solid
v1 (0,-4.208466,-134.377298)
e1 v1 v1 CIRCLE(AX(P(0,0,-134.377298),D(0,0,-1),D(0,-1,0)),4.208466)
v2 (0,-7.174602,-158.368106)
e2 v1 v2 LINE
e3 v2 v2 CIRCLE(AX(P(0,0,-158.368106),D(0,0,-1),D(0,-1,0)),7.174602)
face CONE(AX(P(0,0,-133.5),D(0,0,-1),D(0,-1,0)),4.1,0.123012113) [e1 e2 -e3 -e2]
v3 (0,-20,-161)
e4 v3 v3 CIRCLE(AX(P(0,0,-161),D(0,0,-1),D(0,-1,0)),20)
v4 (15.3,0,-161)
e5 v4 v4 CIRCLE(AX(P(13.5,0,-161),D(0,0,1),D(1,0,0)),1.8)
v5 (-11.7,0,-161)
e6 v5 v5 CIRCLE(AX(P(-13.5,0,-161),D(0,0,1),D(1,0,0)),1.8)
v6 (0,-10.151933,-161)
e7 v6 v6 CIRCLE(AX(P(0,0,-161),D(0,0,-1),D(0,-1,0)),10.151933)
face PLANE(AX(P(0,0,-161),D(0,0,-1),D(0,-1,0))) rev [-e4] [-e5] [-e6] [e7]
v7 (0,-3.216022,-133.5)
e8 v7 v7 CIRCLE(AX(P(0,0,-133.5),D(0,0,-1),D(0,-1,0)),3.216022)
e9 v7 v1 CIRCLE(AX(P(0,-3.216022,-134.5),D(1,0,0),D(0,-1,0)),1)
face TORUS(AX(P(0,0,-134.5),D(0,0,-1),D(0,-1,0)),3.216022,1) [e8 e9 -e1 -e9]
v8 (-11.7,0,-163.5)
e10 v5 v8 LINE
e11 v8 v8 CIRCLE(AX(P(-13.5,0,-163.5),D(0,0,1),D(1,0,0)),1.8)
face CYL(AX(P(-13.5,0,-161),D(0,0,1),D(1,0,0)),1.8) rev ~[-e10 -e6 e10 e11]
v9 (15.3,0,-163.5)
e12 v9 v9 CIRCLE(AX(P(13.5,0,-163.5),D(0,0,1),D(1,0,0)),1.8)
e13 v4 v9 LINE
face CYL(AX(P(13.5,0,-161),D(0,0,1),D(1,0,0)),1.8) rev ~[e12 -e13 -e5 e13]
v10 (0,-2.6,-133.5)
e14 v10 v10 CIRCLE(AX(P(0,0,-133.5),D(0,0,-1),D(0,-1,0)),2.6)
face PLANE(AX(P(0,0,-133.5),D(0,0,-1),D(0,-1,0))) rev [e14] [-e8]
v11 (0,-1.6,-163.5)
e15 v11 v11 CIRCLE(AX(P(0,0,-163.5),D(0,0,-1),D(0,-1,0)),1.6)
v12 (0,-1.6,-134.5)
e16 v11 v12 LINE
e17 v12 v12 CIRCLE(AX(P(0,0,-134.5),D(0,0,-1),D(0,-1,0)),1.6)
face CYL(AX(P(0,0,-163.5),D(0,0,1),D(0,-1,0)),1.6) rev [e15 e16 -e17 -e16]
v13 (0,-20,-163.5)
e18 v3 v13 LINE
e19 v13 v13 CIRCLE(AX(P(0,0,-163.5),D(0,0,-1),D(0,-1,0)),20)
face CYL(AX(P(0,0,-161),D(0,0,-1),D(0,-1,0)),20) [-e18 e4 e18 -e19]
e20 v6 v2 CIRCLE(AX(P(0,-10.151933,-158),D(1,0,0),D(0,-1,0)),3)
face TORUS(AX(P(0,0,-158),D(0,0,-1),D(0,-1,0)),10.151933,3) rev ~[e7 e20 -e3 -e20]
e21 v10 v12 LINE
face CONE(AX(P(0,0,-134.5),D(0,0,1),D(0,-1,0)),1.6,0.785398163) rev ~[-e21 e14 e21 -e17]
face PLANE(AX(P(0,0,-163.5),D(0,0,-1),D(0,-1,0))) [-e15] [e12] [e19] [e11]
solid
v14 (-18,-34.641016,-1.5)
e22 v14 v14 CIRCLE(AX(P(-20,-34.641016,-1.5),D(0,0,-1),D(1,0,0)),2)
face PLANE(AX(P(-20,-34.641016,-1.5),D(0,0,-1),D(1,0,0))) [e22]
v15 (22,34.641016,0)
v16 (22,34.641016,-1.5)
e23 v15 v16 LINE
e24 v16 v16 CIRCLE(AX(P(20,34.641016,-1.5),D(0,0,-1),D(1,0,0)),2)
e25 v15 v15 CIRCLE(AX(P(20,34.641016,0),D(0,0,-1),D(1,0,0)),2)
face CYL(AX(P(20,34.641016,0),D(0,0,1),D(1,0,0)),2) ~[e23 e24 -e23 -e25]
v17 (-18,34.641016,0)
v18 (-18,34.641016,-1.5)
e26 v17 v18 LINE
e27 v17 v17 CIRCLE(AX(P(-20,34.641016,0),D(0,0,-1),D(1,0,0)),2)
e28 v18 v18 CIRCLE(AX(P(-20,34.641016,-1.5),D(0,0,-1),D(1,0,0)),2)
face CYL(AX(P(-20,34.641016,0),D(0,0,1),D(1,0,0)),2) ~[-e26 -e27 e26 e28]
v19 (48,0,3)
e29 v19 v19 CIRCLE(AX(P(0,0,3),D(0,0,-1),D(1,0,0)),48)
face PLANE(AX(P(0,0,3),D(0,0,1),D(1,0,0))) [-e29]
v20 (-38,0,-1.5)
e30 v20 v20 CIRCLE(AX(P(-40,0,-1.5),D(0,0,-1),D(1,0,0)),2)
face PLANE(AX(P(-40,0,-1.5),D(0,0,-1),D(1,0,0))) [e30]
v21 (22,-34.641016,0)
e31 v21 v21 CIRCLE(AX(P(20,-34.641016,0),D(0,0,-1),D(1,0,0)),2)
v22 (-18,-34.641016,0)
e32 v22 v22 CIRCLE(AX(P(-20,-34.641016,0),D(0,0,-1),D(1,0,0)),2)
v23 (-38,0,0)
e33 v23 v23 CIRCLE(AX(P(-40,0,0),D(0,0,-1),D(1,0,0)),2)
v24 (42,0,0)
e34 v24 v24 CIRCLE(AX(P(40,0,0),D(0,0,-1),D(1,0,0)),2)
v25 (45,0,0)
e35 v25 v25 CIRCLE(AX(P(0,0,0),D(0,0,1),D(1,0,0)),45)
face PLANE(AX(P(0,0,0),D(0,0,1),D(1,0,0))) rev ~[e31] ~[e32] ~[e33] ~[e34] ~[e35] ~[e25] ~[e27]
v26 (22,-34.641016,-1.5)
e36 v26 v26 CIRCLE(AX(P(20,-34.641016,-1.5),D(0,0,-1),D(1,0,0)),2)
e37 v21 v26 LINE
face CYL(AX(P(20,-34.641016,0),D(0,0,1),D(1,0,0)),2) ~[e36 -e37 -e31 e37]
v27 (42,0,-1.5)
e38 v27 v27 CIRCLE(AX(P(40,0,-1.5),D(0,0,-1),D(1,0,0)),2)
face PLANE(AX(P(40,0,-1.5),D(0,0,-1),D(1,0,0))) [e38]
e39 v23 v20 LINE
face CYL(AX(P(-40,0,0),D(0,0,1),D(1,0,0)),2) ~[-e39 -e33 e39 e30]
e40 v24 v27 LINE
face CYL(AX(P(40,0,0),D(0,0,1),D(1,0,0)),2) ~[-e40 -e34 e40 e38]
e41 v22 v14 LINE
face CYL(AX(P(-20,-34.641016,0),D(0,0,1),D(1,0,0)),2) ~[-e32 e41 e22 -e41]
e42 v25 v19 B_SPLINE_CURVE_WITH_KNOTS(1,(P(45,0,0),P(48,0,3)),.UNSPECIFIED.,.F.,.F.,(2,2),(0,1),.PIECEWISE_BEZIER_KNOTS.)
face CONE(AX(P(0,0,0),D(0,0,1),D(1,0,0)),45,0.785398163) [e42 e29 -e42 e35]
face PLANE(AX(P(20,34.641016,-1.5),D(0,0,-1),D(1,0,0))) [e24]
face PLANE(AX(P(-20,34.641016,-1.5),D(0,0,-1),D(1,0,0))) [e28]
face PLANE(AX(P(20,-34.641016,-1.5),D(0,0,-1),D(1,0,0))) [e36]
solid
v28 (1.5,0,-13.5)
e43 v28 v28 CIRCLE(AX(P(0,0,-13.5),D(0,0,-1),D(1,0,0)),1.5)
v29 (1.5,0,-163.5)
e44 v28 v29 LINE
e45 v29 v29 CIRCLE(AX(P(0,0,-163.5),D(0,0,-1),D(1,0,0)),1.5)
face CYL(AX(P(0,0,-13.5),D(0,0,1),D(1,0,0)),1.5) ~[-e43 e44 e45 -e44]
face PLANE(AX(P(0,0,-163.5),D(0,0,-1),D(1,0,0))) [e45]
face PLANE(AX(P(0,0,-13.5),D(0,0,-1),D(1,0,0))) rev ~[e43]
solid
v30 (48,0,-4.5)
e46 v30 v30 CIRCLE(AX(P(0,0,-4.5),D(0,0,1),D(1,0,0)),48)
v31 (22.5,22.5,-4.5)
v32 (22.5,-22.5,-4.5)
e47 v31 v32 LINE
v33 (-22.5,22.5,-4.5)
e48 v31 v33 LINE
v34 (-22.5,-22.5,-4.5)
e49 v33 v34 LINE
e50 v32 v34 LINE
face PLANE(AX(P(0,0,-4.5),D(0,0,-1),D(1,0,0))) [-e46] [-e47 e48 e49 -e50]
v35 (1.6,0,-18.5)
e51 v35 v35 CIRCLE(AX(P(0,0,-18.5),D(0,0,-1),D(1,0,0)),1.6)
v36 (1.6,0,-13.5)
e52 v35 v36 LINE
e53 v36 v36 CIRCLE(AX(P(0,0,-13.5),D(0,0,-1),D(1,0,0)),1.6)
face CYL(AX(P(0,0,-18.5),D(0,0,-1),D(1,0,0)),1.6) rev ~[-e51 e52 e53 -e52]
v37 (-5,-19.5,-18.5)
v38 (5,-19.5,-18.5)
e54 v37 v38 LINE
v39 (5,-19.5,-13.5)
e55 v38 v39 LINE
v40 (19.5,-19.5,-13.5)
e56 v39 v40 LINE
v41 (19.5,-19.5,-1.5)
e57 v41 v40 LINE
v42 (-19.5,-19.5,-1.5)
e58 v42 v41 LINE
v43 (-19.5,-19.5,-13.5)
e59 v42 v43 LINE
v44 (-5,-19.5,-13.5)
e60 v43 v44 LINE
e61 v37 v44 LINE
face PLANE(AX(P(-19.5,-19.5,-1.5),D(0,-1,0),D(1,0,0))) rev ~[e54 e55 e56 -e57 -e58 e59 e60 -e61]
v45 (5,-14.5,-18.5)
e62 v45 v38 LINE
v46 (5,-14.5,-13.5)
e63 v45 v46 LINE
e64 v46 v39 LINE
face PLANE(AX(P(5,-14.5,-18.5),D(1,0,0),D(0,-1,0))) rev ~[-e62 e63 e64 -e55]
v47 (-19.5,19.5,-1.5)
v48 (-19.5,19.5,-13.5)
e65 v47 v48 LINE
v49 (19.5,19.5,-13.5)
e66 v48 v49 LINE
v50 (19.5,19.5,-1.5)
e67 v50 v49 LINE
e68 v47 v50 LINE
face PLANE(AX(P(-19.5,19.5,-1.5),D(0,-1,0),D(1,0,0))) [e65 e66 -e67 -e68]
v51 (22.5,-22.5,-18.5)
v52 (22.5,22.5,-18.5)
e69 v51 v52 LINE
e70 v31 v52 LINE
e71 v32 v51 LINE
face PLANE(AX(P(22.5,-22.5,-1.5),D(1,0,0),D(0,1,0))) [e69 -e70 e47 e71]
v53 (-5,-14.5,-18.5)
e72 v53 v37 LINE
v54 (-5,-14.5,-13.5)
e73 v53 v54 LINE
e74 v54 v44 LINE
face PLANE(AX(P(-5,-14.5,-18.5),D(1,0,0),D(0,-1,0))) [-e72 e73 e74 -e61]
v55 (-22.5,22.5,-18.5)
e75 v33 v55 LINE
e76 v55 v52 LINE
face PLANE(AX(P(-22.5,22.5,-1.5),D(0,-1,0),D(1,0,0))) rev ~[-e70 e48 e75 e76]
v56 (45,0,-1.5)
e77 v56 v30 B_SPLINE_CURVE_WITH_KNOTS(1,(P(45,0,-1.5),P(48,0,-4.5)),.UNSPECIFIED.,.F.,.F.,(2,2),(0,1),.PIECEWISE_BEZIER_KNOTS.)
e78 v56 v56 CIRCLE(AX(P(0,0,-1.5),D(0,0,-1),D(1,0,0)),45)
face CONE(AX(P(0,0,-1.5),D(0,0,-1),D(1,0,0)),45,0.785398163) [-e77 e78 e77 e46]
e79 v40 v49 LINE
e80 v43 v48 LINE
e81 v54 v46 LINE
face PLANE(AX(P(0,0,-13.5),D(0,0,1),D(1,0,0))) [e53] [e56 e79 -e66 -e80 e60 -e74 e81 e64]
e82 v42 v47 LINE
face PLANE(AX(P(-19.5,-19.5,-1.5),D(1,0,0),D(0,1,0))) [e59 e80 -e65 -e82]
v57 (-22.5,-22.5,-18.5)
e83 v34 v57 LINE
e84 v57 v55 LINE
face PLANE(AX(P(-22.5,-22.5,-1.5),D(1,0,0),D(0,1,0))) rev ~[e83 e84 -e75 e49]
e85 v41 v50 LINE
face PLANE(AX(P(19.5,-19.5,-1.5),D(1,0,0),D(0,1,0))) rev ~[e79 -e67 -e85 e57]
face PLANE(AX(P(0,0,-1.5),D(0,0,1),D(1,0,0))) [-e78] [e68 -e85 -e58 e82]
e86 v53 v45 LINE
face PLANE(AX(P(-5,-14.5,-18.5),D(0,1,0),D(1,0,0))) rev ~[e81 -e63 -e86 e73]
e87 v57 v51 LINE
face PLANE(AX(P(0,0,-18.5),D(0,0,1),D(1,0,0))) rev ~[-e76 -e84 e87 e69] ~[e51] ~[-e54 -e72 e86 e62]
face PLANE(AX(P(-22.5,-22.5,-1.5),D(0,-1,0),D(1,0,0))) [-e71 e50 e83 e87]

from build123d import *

# Parameters (mm, degrees)
F0_R      = 45
F1_DEPTH  = 3
F1_TAPER  = -45
F2_R      = 2
F3_DEPTH  = 1.5
F4_R      = 45
F5_DEPTH  = 3
F5_TAPER  = -45
F6_W      = 45
F6_H      = 45
F7_DEPTH  = 17
F8_W      = 39
F8_H      = 39
F10_DEPTH = 12
F11_W     = 10
F11_H     = 5
F11_R     = 1.6
F12_DEPTH = 5
F13_R     = 1.5
F14_DEPTH = 150
F17_R     = 1.8
F18_DEPTH = 2.501
F19_R     = 3
F20_SIZE  = 1
F21_R     = 1


with BuildPart() as f1:
    # F0 (on Top) → F1 (new body)
    with BuildSketch(Plane.XY):
        Circle(F0_R)
    extrude(amount=F1_DEPTH, taper=F1_TAPER)

    # F2 (on face) → F3 (join)
    with BuildSketch(Plane(origin=(0, 0, 0), x_dir=(1, 0, 0), z_dir=(0, 0, -1))):
        with Locations((40, 0)):
            Circle(F2_R)
        with Locations((20, 34.6410161514)):
            Circle(F2_R)
        with Locations((-20, 34.6410161514)):
            Circle(F2_R)
        with Locations((-40, 0)):
            Circle(F2_R)
        with Locations((-20, -34.6410161514)):
            Circle(F2_R)
        with Locations((20, -34.6410161514)):
            Circle(F2_R)
    extrude(amount=F3_DEPTH)


with BuildPart() as f5:
    # F4 (on face) → F5 (new body)
    with BuildSketch(Plane(origin=(0, 0, -1.5), x_dir=(1, 0, 0), z_dir=(0, 0, -1))):
        Circle(F4_R)
    extrude(amount=F5_DEPTH, taper=F5_TAPER)

    # F6 (on face) → F7 (join)
    with BuildSketch(Plane.XY.offset(-1.5)):
        Rectangle(F6_W, F6_H)
    extrude(amount=-F7_DEPTH)

    # F8 (on face) → F10 (cut, through all)
    with BuildSketch(Plane.XY.offset(-1.5)):
        Rectangle(F8_W, F8_H)
    extrude(amount=-F10_DEPTH, mode=Mode.SUBTRACT)

    # F11 (on face) → F12 (cut, through all)
    with BuildSketch(Plane(origin=(0, 0, -18.5), x_dir=(1, 0, 0), z_dir=(0, 0, -1))):
        with Locations((0, 17)):
            Rectangle(F11_W, F11_H)
        Circle(F11_R)
    extrude(amount=-F12_DEPTH, mode=Mode.SUBTRACT)


with BuildPart() as f14:
    # F13 (on offset) → F14 (new body)
    with BuildSketch(Plane(origin=(0, 0, -13.5), x_dir=(1, 0, 0), z_dir=(0, 0, -1))):
        Circle(F13_R)
    extrude(amount=F14_DEPTH)


with BuildPart() as f16:
    # F15 (on Right) → F16 (revolve)
    with BuildSketch(Plane.YZ):
        Polygon((-20, -161), (-20, -163.5), (-1.6, -163.5), (-1.6, -133.5), (-4.1, -133.5), (-7.5, -161), align=None)
    revolve(axis=Axis((0, 0, -84.7821459174), (0, 0, -1)))

    # F17 (on face) → F18 (cut, through all)
    with BuildSketch(Plane.XY.offset(-161)):
        with Locations((13.5, 0)):
            Circle(F17_R)
        with Locations((-13.5, 0)):
            Circle(F17_R)
    extrude(amount=-F18_DEPTH, mode=Mode.SUBTRACT)

    # F19
    f19_edges = [f16.edges().sort_by_distance(p)[0] for p in [
        (0, 7.5, -161),
    ]]
    fillet(f19_edges, radius=F19_R)

    # F20
    f20_edges = [f16.edges().sort_by_distance(p)[0] for p in [
        (0, 1.6, -133.5),
    ]]
    chamfer(f20_edges, length=F20_SIZE)

    # F21
    f21_edges = [f16.edges().sort_by_distance(p)[0] for p in [
        (0, 4.1, -133.5),
    ]]
    fillet(f21_edges, radius=F21_R)


solid = Compound([f1.part, f5.part, f14.part, f16.part])
